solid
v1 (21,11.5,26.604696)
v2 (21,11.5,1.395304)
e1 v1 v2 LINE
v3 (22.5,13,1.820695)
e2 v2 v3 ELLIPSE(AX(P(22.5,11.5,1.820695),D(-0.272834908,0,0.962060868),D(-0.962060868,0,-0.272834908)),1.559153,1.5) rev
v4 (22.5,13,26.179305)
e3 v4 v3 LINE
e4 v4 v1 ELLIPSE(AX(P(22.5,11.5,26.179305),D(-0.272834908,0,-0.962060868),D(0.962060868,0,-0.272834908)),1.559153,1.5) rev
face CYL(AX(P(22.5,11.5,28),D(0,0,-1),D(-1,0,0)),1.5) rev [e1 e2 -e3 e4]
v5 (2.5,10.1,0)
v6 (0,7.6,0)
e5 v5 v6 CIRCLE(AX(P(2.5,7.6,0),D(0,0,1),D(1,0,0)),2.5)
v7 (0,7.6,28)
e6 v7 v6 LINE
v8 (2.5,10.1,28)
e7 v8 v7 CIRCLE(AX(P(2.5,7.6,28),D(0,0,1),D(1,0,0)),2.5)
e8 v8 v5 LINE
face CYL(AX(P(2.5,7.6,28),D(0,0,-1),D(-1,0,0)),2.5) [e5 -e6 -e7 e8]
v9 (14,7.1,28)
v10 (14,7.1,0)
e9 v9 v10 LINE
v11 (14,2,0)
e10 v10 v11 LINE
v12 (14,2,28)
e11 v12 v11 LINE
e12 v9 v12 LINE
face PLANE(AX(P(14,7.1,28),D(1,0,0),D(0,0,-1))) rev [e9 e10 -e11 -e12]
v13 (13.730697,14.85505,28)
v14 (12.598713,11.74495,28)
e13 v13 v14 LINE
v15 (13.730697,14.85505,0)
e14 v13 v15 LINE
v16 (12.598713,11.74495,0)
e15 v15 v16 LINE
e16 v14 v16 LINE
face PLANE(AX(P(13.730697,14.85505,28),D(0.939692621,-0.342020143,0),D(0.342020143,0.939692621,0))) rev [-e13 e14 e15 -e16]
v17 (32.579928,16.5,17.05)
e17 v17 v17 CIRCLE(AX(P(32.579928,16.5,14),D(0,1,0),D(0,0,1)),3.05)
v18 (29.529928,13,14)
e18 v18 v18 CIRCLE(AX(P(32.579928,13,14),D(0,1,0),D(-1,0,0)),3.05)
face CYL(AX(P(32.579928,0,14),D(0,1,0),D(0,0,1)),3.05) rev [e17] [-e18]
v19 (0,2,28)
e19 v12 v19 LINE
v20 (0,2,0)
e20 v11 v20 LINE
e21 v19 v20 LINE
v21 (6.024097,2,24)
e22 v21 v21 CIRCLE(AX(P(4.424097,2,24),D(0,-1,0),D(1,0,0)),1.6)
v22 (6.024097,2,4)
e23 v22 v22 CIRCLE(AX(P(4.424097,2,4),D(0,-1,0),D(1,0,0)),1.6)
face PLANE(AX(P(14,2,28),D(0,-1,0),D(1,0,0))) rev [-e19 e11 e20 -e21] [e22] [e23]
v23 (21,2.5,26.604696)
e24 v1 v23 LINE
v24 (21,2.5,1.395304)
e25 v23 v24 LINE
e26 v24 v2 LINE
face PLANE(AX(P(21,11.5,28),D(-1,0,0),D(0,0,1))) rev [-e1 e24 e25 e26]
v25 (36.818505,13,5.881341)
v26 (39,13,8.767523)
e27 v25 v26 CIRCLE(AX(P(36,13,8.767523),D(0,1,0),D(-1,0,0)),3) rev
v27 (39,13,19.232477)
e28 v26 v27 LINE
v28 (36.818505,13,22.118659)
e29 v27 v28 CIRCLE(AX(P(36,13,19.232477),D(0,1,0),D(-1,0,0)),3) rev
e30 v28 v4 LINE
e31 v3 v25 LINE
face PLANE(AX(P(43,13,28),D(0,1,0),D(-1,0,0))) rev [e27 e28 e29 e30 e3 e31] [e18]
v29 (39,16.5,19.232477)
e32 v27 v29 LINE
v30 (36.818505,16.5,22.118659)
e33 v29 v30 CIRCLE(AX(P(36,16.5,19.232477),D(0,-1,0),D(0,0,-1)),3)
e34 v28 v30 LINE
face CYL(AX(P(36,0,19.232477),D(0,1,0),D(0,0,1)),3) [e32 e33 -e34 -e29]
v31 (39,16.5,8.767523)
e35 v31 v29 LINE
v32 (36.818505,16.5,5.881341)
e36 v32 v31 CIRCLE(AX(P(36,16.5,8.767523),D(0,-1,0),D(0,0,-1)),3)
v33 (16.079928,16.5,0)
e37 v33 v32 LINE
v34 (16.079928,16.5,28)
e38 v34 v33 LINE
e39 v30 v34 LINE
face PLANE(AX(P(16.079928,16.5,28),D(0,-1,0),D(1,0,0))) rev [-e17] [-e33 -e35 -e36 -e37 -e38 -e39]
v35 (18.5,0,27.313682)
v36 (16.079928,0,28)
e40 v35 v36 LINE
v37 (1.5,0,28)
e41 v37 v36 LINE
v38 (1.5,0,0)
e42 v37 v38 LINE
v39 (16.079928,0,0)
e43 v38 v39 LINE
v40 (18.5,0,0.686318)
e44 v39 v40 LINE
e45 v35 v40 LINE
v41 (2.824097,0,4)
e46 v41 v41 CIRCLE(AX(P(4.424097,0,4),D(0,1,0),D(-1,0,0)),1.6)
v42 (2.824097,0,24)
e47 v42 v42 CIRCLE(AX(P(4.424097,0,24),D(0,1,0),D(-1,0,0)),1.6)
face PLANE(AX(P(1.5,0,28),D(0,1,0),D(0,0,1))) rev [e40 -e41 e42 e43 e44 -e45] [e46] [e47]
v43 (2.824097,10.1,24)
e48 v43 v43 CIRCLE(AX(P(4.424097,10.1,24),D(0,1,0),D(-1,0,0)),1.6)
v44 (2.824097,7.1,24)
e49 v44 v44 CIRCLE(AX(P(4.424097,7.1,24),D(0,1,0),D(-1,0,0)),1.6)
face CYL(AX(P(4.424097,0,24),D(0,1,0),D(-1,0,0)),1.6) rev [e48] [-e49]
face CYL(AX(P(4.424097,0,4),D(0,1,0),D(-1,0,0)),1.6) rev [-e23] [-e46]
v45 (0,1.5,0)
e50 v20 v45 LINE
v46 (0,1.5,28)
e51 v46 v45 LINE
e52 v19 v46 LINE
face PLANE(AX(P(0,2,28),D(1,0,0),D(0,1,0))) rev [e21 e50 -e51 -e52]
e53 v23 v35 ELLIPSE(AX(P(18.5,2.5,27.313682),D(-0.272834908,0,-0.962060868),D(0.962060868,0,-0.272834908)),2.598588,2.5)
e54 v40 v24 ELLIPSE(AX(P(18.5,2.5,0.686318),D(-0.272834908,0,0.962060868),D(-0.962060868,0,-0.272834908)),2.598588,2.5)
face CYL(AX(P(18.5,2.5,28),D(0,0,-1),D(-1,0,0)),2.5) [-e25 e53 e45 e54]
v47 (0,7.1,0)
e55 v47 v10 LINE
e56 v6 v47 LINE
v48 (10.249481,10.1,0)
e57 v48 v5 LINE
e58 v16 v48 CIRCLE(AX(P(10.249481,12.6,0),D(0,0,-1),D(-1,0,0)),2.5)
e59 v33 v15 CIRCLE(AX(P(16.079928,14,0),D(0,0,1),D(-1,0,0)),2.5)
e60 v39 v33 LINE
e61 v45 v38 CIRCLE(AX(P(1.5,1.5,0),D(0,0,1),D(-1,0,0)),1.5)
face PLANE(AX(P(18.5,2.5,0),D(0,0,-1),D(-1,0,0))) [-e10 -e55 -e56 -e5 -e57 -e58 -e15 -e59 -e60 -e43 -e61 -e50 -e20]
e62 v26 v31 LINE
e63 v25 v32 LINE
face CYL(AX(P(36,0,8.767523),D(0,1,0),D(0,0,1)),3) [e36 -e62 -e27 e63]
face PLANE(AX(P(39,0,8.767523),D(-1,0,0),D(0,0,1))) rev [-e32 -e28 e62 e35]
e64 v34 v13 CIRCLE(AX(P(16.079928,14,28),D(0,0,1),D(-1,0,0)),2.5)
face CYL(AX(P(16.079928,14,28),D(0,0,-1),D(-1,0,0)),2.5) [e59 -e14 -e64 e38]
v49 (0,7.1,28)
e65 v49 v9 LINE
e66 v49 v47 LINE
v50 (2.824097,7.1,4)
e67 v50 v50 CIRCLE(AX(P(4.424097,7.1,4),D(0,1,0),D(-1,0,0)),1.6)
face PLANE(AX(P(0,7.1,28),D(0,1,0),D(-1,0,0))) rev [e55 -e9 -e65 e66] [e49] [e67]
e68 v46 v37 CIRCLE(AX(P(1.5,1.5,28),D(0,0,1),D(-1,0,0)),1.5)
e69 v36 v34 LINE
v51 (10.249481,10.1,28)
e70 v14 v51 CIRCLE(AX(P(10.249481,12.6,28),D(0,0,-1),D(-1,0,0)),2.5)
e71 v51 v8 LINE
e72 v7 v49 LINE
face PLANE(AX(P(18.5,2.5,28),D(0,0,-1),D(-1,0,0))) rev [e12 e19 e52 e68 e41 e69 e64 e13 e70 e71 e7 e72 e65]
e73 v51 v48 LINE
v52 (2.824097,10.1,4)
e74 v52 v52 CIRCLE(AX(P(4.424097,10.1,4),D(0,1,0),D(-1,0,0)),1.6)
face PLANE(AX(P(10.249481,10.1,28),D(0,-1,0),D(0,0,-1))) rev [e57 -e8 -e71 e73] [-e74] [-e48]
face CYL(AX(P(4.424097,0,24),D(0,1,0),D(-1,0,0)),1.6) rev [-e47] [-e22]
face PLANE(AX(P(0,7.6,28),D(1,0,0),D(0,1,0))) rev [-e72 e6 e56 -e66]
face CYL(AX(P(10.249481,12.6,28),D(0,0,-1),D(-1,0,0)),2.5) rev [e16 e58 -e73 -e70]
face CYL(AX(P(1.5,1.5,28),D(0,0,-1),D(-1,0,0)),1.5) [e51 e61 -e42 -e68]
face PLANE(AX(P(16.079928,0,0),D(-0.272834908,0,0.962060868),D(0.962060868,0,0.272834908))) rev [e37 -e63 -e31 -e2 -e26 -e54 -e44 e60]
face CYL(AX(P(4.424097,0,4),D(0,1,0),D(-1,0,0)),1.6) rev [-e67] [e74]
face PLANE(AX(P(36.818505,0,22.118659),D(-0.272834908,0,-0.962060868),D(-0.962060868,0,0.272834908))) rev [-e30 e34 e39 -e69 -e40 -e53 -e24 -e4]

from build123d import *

# Parameters (mm, degrees)
BOSS_EXTRU_1_DEPTH      = 28
ESQUISSE2_R             = 1.6
ENL_V_MAT_EXTRU_1_DEPTH = 53.297323067
ESQUISSE3_R             = 3.05
ENL_V_MAT_EXTRU_2_DEPTH = 54.900371056


with BuildPart() as part:
    # Esquisse1 → Boss.-Extru.1 (new body)
    with BuildSketch(Plane.XY):
        with BuildLine():
            Line((1.5, 0), (18.5, 0))
            ThreePointArc((18.5, 0), (20.267766953, 0.732233047), (21, 2.5))
            Line((21, 2.5), (21, 11.5))
            ThreePointArc((21, 11.5), (21.439339828, 12.560660172), (22.5, 13))
            Line((22.5, 13), (43, 13))
            Line((43, 13), (43, 16.5))
            Line((43, 16.5), (16.079928345, 16.5))
            ThreePointArc((16.079928345, 16.5), (14.645987254, 16.047880111), (13.730696793, 14.855050358))
            Line((13.730696793, 14.855050358), (12.598712706, 11.744949642))
            ThreePointArc((12.598712706, 11.744949642), (11.683422245, 10.552119889), (10.249481154, 10.1))
            Line((10.249481154, 10.1), (2.5, 10.1))
            ThreePointArc((2.5, 10.1), (0.732233047, 9.367766953), (0, 7.6))
            Line((0, 7.6), (0, 7.1))
            Line((0, 7.1), (14, 7.1))
            Line((14, 7.1), (14, 2))
            Line((14, 2), (0, 2))
            Line((0, 2), (0, 1.5))
            ThreePointArc((0, 1.5), (0.439339828, 0.439339828), (1.5, 0))
        make_face()
    extrude(amount=BOSS_EXTRU_1_DEPTH)

    # Esquisse2 → Enlèv. mat.-Extru.1 (cut, through all)
    with BuildSketch(Plane(origin=(0, 10.1, 0), x_dir=(1, 0, 0), z_dir=(0, 1, 0))):
        with Locations(Location((4.42409693, -4, 0), (0, 0, 180))):
            Circle(ESQUISSE2_R)
        with Locations(Location((4.42409693, -24, 0), (0, 0, 180))):
            Circle(ESQUISSE2_R)
    extrude(amount=-ENL_V_MAT_EXTRU_1_DEPTH, mode=Mode.SUBTRACT)

    # Esquisse3 → Enlèv. mat.-Extru.2 (cut, through all)
    with BuildSketch(Plane(origin=(0, 16.5, 0), x_dir=(1, 0, 0), z_dir=(0, 1, 0))):
        with Locations(Location((32.579928345, -14, 0), (0, 0, 270))):
            Circle(ESQUISSE3_R)
        with BuildLine():
            Line((16.079928345, -28), (43, -28))
            Line((43, -28), (43, 0))
            Line((43, 0), (16.079928345, 0))
            Line((16.079928345, 0), (36.818504724, -5.881340534))
            ThreePointArc((36.818504724, -5.881340534), (38.393273299, -6.958588944), (39, -8.767523137))
            Line((39, -8.767523137), (39, -19.232476863))
            ThreePointArc((39, -19.232476863), (38.393273299, -21.041411056), (36.818504724, -22.118659466))
            Line((36.818504724, -22.118659466), (16.079928345, -28))
        make_face()
    extrude(amount=-ENL_V_MAT_EXTRU_2_DEPTH, mode=Mode.SUBTRACT)


solid = part.part
